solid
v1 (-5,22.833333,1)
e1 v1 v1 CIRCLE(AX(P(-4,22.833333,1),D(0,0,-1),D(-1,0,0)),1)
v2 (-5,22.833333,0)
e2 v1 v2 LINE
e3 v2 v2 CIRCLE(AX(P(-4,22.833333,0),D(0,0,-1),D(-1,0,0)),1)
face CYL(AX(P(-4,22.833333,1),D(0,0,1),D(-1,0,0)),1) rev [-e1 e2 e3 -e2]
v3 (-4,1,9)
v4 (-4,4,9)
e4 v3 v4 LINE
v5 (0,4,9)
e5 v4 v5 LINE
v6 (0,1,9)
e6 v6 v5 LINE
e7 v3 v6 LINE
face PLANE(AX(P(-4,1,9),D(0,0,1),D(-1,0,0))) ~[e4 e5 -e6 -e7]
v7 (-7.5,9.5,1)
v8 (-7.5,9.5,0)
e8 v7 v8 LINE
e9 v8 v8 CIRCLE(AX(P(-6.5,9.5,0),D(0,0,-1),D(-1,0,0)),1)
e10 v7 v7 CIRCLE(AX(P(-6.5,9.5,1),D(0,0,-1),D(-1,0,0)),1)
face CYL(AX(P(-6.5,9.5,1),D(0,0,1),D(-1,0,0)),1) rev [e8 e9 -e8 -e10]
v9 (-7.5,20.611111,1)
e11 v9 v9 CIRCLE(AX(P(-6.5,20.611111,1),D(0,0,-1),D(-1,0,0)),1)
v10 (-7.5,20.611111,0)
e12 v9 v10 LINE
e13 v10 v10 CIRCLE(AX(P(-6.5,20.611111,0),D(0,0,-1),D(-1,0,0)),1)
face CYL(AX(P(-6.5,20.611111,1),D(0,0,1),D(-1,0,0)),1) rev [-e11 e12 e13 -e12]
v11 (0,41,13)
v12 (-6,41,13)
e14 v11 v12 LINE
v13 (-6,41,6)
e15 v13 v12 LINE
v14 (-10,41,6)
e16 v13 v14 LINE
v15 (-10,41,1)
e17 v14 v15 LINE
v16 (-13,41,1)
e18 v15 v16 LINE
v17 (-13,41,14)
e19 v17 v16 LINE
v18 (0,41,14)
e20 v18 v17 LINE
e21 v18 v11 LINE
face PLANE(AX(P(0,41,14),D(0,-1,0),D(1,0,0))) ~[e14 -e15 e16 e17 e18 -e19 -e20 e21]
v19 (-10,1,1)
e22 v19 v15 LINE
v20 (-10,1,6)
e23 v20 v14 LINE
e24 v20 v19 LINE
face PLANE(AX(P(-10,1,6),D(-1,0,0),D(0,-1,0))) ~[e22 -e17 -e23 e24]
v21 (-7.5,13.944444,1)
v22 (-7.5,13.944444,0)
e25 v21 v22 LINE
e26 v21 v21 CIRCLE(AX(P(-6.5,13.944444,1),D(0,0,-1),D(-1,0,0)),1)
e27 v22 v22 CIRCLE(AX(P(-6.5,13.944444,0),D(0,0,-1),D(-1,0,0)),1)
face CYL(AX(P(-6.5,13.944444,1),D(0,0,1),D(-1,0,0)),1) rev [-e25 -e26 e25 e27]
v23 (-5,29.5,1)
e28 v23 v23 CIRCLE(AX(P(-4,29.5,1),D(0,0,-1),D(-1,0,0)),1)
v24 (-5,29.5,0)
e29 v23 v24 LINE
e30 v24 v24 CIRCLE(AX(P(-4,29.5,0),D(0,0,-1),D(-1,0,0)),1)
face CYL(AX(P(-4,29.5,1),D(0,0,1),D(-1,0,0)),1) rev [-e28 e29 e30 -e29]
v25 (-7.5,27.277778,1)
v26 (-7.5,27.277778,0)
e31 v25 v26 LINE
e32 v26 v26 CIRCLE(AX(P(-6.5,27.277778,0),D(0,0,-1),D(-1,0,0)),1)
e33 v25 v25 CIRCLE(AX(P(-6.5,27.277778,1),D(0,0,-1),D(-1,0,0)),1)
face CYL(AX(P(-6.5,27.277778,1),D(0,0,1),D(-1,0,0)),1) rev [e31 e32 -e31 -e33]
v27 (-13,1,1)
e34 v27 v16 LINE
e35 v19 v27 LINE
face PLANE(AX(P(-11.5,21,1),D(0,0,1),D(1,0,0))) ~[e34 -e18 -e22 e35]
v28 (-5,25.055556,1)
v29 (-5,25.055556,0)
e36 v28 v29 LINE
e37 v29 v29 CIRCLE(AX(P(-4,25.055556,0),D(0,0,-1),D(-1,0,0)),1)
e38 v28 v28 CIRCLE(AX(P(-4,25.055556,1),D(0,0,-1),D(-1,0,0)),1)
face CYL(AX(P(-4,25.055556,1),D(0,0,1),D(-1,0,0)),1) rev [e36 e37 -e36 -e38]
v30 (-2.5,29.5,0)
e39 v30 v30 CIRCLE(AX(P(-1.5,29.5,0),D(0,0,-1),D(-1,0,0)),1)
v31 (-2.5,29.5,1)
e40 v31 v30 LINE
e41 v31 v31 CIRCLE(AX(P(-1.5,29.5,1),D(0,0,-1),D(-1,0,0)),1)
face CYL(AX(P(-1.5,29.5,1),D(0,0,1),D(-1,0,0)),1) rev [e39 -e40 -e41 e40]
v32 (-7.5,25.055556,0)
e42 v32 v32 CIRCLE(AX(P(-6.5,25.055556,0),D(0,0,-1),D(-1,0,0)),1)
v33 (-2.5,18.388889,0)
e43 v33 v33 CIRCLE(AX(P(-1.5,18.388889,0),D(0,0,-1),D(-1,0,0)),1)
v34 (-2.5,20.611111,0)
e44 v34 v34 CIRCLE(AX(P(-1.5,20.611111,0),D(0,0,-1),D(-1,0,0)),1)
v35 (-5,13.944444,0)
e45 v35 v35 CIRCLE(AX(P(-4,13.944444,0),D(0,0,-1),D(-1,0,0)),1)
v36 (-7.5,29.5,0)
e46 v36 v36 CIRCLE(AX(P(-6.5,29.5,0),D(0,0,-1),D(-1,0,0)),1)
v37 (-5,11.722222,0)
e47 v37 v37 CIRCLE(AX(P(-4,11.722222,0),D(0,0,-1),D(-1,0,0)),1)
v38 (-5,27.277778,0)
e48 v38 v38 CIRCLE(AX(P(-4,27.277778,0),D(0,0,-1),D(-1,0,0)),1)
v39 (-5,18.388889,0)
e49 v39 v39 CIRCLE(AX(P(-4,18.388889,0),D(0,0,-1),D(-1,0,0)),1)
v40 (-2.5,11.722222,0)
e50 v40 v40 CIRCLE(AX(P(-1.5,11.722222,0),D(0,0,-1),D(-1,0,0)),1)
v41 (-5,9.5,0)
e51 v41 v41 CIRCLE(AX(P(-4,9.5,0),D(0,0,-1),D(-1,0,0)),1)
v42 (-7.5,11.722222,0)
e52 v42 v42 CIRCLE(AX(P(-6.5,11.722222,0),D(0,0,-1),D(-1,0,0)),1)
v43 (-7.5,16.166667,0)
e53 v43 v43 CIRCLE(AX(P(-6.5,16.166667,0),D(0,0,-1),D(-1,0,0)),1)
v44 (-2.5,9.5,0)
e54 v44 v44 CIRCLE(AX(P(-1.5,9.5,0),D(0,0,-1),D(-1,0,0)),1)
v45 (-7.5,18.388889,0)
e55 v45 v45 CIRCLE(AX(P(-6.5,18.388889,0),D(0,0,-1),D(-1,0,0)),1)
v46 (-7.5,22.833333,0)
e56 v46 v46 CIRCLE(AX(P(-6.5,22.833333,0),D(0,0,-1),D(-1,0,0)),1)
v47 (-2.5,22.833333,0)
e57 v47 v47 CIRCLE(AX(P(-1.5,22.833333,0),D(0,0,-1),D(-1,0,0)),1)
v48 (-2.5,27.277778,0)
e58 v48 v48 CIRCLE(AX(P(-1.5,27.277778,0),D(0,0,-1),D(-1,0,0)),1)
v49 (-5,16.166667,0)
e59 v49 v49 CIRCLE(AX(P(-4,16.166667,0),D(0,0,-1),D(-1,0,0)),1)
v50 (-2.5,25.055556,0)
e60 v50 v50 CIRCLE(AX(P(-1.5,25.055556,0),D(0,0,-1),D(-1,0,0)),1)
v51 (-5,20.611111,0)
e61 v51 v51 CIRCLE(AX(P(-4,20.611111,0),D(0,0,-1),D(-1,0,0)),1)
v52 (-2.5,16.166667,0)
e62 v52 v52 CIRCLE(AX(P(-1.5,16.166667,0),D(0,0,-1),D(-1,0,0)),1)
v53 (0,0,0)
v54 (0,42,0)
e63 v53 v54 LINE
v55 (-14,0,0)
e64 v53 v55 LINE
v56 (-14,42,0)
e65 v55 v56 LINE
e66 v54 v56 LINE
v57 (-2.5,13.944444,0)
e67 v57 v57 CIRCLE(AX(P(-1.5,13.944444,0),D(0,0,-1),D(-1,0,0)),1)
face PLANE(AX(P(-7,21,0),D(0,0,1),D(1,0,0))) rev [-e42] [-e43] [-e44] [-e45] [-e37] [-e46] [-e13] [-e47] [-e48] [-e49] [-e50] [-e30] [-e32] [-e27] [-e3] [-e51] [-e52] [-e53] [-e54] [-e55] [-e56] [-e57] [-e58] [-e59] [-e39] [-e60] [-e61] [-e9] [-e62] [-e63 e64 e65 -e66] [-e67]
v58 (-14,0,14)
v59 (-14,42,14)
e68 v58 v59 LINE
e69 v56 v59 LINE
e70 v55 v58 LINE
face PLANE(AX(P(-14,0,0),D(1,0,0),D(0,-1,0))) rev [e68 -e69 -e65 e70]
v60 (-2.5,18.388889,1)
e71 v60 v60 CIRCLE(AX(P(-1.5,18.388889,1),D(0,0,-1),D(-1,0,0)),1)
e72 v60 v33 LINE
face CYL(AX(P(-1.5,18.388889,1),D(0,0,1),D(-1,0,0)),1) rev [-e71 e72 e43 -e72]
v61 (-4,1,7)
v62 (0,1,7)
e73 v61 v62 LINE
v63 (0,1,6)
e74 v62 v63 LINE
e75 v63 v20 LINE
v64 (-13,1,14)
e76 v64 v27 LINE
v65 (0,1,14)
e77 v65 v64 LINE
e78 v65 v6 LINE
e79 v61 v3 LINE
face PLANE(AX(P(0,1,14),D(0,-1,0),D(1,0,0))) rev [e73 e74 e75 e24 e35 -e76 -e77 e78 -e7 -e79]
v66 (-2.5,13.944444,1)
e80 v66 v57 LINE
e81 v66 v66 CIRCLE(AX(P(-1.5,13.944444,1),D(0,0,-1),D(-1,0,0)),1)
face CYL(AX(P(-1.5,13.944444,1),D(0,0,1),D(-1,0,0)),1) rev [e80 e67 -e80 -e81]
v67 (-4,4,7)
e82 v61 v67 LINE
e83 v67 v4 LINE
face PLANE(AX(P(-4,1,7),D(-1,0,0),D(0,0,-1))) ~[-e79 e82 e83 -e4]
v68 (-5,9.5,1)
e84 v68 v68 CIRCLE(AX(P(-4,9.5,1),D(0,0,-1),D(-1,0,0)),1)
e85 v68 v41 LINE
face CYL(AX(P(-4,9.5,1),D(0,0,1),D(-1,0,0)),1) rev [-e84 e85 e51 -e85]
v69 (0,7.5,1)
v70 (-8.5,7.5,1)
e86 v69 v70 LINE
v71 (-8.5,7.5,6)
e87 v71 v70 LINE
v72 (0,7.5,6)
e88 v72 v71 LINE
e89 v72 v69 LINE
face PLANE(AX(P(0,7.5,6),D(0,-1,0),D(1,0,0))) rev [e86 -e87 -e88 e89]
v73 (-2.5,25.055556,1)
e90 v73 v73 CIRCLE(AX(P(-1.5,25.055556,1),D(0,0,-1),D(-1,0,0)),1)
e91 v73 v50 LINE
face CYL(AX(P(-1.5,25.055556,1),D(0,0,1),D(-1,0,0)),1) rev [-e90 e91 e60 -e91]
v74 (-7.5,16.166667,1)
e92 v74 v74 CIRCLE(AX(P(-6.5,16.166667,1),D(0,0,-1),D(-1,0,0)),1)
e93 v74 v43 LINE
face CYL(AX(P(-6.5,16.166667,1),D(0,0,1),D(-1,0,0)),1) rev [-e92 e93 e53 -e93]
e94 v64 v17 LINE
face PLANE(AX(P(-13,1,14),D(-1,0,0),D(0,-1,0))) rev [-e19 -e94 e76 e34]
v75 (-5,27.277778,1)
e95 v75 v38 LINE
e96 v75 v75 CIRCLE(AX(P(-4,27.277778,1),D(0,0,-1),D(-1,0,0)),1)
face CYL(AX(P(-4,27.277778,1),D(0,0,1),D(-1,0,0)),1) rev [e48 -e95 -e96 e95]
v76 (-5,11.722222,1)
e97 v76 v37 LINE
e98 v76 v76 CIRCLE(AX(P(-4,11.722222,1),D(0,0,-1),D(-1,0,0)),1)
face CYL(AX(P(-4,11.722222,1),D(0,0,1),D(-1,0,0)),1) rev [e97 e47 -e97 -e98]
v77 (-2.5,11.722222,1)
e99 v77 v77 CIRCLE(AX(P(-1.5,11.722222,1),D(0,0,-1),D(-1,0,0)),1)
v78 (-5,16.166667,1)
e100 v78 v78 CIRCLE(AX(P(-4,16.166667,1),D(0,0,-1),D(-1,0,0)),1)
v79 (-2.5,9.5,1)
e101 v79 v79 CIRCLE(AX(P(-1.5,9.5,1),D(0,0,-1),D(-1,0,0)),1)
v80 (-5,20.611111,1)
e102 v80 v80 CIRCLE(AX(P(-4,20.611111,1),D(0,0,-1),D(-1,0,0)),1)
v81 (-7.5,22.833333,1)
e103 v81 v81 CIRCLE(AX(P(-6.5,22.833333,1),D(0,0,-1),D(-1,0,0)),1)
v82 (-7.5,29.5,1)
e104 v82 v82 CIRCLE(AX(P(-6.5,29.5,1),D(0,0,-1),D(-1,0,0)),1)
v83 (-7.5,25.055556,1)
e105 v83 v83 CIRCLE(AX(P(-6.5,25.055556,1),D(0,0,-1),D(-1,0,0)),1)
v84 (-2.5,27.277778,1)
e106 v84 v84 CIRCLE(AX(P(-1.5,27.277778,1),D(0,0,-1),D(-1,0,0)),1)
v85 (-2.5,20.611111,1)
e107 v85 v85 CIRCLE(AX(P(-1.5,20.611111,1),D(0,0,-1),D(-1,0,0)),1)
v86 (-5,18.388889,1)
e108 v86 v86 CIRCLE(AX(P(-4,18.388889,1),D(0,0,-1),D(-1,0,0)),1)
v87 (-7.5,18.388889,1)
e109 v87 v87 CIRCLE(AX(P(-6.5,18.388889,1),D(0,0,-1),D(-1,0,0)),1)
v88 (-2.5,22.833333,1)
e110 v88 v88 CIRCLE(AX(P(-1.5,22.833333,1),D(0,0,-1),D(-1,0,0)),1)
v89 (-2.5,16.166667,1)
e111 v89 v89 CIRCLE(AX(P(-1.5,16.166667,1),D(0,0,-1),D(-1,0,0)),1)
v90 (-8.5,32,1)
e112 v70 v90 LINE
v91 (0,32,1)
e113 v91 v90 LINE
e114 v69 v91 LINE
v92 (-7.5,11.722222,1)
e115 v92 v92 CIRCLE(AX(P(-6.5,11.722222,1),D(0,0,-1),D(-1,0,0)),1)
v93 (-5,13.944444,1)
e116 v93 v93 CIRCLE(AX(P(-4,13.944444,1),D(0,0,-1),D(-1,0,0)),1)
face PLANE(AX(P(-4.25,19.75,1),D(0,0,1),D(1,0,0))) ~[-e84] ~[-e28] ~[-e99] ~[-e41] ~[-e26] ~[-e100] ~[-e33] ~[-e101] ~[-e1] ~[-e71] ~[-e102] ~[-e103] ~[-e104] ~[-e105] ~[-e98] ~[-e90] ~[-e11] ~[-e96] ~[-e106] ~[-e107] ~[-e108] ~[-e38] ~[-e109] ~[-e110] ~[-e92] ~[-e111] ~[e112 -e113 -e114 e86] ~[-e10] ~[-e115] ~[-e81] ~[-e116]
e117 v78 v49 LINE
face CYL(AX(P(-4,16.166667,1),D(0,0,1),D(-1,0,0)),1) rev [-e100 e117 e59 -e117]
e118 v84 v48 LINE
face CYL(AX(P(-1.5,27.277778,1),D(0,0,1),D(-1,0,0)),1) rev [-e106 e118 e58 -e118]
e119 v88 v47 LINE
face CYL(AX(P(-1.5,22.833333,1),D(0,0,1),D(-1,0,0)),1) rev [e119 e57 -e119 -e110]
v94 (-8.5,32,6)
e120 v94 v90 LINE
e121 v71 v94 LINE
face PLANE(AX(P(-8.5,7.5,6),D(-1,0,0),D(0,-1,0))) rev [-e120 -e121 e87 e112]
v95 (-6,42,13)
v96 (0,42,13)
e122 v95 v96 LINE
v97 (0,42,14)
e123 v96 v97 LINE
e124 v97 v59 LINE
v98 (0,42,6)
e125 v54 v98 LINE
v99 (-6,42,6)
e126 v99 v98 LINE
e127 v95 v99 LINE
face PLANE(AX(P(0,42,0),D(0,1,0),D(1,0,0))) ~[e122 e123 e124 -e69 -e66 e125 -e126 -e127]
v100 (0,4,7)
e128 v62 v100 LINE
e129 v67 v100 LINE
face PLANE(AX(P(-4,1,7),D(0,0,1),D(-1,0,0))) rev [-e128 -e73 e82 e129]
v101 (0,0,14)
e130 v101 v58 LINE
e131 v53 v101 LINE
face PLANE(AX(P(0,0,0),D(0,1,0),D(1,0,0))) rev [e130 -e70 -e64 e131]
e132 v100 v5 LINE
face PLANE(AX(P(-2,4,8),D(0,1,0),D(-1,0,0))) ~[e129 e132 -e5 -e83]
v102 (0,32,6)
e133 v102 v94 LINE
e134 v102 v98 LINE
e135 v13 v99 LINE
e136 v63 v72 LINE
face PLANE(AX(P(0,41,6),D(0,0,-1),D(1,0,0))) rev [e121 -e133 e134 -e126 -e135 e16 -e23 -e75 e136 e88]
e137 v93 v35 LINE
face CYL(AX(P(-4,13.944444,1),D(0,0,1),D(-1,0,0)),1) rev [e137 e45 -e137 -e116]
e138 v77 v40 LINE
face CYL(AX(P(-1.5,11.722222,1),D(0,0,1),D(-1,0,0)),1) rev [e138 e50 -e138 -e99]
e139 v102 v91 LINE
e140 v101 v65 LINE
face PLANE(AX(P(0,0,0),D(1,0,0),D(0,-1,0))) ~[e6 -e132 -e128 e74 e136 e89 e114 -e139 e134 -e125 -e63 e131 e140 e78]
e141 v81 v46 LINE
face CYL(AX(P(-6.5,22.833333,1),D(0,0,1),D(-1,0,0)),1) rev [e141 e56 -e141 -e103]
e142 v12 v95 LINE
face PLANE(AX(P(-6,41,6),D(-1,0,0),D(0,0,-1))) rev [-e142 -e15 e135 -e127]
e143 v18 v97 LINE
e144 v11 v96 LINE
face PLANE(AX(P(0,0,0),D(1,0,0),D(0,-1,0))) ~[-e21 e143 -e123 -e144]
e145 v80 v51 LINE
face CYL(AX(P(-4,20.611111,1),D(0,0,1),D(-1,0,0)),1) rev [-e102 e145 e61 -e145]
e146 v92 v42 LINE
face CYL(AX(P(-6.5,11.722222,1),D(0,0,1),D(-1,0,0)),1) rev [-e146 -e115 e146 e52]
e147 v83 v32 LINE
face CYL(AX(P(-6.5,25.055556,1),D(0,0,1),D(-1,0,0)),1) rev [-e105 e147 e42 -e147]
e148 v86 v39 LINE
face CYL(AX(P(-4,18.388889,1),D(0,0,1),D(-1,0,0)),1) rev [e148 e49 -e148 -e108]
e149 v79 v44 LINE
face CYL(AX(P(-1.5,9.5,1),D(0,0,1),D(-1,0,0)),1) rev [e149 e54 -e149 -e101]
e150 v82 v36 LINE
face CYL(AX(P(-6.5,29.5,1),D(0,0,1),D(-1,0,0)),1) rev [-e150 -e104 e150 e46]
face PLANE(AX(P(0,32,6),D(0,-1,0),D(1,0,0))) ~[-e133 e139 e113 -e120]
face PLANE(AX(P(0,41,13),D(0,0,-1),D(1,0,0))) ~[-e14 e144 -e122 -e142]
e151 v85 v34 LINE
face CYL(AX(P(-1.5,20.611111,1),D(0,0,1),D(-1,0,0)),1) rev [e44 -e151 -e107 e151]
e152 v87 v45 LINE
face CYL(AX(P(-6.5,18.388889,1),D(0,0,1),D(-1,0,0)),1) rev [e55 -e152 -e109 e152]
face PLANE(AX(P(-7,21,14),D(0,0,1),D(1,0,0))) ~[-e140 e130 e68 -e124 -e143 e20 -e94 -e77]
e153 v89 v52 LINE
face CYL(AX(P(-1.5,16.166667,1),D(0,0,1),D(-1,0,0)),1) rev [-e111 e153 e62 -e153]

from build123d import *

# Parameters (mm, degrees)
SKETCH_W                         = 14
SKETCH_H                         = 42
PAD_DEPTH                        = 14
SKETCH001_W                      = 13
SKETCH001_H                      = 40
POCKET_DEPTH                     = 8
SKETCH002_W                      = 8.5
SKETCH002_H                      = 24.5
POCKET001_DEPTH                  = 5
SKETCH003_W                      = 6
SKETCH003_H                      = 7
POCKET002_DEPTH                  = 5
SKETCH004_R                      = 1
POCKET003_DEPTH                  = 5
SKETCH004_LINEARPATTERN_2_R      = 1
POCKET003_LINEARPATTERN_2_DEPTH  = 5
SKETCH004_LINEARPATTERN_3_R      = 1
POCKET003_LINEARPATTERN_3_DEPTH  = 5
SKETCH004_LINEARPATTERN_4_R      = 1
POCKET003_LINEARPATTERN_4_DEPTH  = 5
SKETCH004_LINEARPATTERN_5_R      = 1
POCKET003_LINEARPATTERN_5_DEPTH  = 5
SKETCH004_LINEARPATTERN_6_R      = 1
POCKET003_LINEARPATTERN_6_DEPTH  = 5
SKETCH004_LINEARPATTERN_7_R      = 1
POCKET003_LINEARPATTERN_7_DEPTH  = 5
SKETCH004_LINEARPATTERN_8_R      = 1
POCKET003_LINEARPATTERN_8_DEPTH  = 5
SKETCH004_LINEARPATTERN_9_R      = 1
POCKET003_LINEARPATTERN_9_DEPTH  = 5
SKETCH004_LINEARPATTERN_10_R     = 1
POCKET003_LINEARPATTERN_10_DEPTH = 5
LINEARPATTERN001_COUNT           = 3
LINEARPATTERN001_PITCH           = 2.5
SKETCH007_W                      = 4
SKETCH007_H                      = 2
PAD001_DEPTH                     = 3
SKETCH016_W                      = 3
SKETCH016_H                      = 40
POCKET007_DEPTH                  = 5


with BuildPart() as wemos_case:
    # Sketch → Pad (new body)
    with BuildSketch(Plane.XY):
        with Locations((7, 21)):
            Rectangle(SKETCH_W, SKETCH_H)
    extrude(amount=PAD_DEPTH)

    # Sketch001 (on Face6 of Pad) → Pocket (cut)
    with BuildSketch(Plane.XY.offset(14)):
        with Locations((6.5, 21)):
            Rectangle(SKETCH001_W, SKETCH001_H)
    extrude(amount=-POCKET_DEPTH, mode=Mode.SUBTRACT)

    # Sketch002 (on Face7 of Pocket) → Pocket001 (cut)
    with BuildSketch(Plane.XY.offset(6)):
        with Locations((4.25, 19.75)):
            Rectangle(SKETCH002_W, SKETCH002_H)
    extrude(amount=-POCKET001_DEPTH, mode=Mode.SUBTRACT)

    # Sketch003 (on Face6 of Pocket001) → Pocket002 (cut)
    with BuildSketch(Plane.XZ.offset(-41)):
        with Locations((3, 9.5)):
            Rectangle(SKETCH003_W, SKETCH003_H)
    extrude(amount=-POCKET002_DEPTH, mode=Mode.SUBTRACT)

    # Sketch004 (on Face16 of Pocket002) → Pocket003 (cut)
    with BuildSketch(Plane.XY.offset(1)):
        with Locations((6.5, 9.5)):
            Circle(SKETCH004_R)
    pocket003 = extrude(amount=-POCKET003_DEPTH, mode=Mode.SUBTRACT)

    # Sketch004 LinearPattern 2 → Pocket003 LinearPattern 2 (cut)
    with BuildSketch(Plane(origin=(0, 2.222222, 1), x_dir=(1, 0, 0), z_dir=(0, 0, 1))):
        with Locations((6.5, 9.5)):
            Circle(SKETCH004_LINEARPATTERN_2_R)
    pocket003_linearpattern_2 = extrude(amount=-POCKET003_LINEARPATTERN_2_DEPTH, mode=Mode.SUBTRACT)

    # Sketch004 LinearPattern 3 → Pocket003 LinearPattern 3 (cut)
    with BuildSketch(Plane(origin=(0, 4.444444, 1), x_dir=(1, 0, 0), z_dir=(0, 0, 1))):
        with Locations((6.5, 9.5)):
            Circle(SKETCH004_LINEARPATTERN_3_R)
    pocket003_linearpattern_3 = extrude(amount=-POCKET003_LINEARPATTERN_3_DEPTH, mode=Mode.SUBTRACT)

    # Sketch004 LinearPattern 4 → Pocket003 LinearPattern 4 (cut)
    with BuildSketch(Plane(origin=(0, 6.666667, 1), x_dir=(1, 0, 0), z_dir=(0, 0, 1))):
        with Locations((6.5, 9.5)):
            Circle(SKETCH004_LINEARPATTERN_4_R)
    pocket003_linearpattern_4 = extrude(amount=-POCKET003_LINEARPATTERN_4_DEPTH, mode=Mode.SUBTRACT)

    # Sketch004 LinearPattern 5 → Pocket003 LinearPattern 5 (cut)
    with BuildSketch(Plane(origin=(0, 8.888889, 1), x_dir=(1, 0, 0), z_dir=(0, 0, 1))):
        with Locations((6.5, 9.5)):
            Circle(SKETCH004_LINEARPATTERN_5_R)
    pocket003_linearpattern_5 = extrude(amount=-POCKET003_LINEARPATTERN_5_DEPTH, mode=Mode.SUBTRACT)

    # Sketch004 LinearPattern 6 → Pocket003 LinearPattern 6 (cut)
    with BuildSketch(Plane(origin=(0, 11.111111, 1), x_dir=(1, 0, 0), z_dir=(0, 0, 1))):
        with Locations((6.5, 9.5)):
            Circle(SKETCH004_LINEARPATTERN_6_R)
    pocket003_linearpattern_6 = extrude(amount=-POCKET003_LINEARPATTERN_6_DEPTH, mode=Mode.SUBTRACT)

    # Sketch004 LinearPattern 7 → Pocket003 LinearPattern 7 (cut)
    with BuildSketch(Plane(origin=(0, 13.333333, 1), x_dir=(1, 0, 0), z_dir=(0, 0, 1))):
        with Locations((6.5, 9.5)):
            Circle(SKETCH004_LINEARPATTERN_7_R)
    pocket003_linearpattern_7 = extrude(amount=-POCKET003_LINEARPATTERN_7_DEPTH, mode=Mode.SUBTRACT)

    # Sketch004 LinearPattern 8 → Pocket003 LinearPattern 8 (cut)
    with BuildSketch(Plane(origin=(0, 15.555556, 1), x_dir=(1, 0, 0), z_dir=(0, 0, 1))):
        with Locations((6.5, 9.5)):
            Circle(SKETCH004_LINEARPATTERN_8_R)
    pocket003_linearpattern_8 = extrude(amount=-POCKET003_LINEARPATTERN_8_DEPTH, mode=Mode.SUBTRACT)

    # Sketch004 LinearPattern 9 → Pocket003 LinearPattern 9 (cut)
    with BuildSketch(Plane(origin=(0, 17.777778, 1), x_dir=(1, 0, 0), z_dir=(0, 0, 1))):
        with Locations((6.5, 9.5)):
            Circle(SKETCH004_LINEARPATTERN_9_R)
    pocket003_linearpattern_9 = extrude(amount=-POCKET003_LINEARPATTERN_9_DEPTH, mode=Mode.SUBTRACT)

    # Sketch004 LinearPattern 10 → Pocket003 LinearPattern 10 (cut)
    with BuildSketch(Plane(origin=(0, 20, 1), x_dir=(1, 0, 0), z_dir=(0, 0, 1))):
        with Locations((6.5, 9.5)):
            Circle(SKETCH004_LINEARPATTERN_10_R)
    pocket003_linearpattern_10 = extrude(amount=-POCKET003_LINEARPATTERN_10_DEPTH, mode=Mode.SUBTRACT)

    # LinearPattern001: Pocket003, Pocket003 LinearPattern 2, Pocket003 LinearPattern 3, Pocket003 LinearPattern 4, Pocket003 LinearPattern 5, Pocket003 LinearPattern 6, Pocket003 LinearPattern 7, Pocket003 LinearPattern 8, Pocket003 LinearPattern 9, Pocket003 LinearPattern 10 ×3
    with Locations(*[(-i * LINEARPATTERN001_PITCH, 0, 0) for i in range(1, LINEARPATTERN001_COUNT)]):
        add(pocket003, mode=Mode.SUBTRACT)
        add(pocket003_linearpattern_2, mode=Mode.SUBTRACT)
        add(pocket003_linearpattern_3, mode=Mode.SUBTRACT)
        add(pocket003_linearpattern_4, mode=Mode.SUBTRACT)
        add(pocket003_linearpattern_5, mode=Mode.SUBTRACT)
        add(pocket003_linearpattern_6, mode=Mode.SUBTRACT)
        add(pocket003_linearpattern_7, mode=Mode.SUBTRACT)
        add(pocket003_linearpattern_8, mode=Mode.SUBTRACT)
        add(pocket003_linearpattern_9, mode=Mode.SUBTRACT)
        add(pocket003_linearpattern_10, mode=Mode.SUBTRACT)

    # Sketch007 → Pad001 (join)
    with BuildSketch(Plane(origin=(0, 1, 0), x_dir=(-1, 0, 0), z_dir=(0, 1, 0))):
        with Locations((-2, 8)):
            Rectangle(SKETCH007_W, SKETCH007_H)
    extrude(amount=PAD001_DEPTH)

    # Sketch016 (on Face44 of Pad001) → Pocket007 (cut)
    with BuildSketch(Plane.XY.offset(6)):
        with Locations((11.5, 21)):
            Rectangle(SKETCH016_W, SKETCH016_H)
    extrude(amount=-POCKET007_DEPTH, mode=Mode.SUBTRACT)


with BuildPart() as mirrored_wemos_case:
    # Part__Mirroring: instance of Wemos Case
    add(wemos_case.part.mirror(Plane(origin=(0, 0, 0), x_dir=(0, -1, 0), z_dir=(1, 0, 0))))


solid = mirrored_wemos_case.part
